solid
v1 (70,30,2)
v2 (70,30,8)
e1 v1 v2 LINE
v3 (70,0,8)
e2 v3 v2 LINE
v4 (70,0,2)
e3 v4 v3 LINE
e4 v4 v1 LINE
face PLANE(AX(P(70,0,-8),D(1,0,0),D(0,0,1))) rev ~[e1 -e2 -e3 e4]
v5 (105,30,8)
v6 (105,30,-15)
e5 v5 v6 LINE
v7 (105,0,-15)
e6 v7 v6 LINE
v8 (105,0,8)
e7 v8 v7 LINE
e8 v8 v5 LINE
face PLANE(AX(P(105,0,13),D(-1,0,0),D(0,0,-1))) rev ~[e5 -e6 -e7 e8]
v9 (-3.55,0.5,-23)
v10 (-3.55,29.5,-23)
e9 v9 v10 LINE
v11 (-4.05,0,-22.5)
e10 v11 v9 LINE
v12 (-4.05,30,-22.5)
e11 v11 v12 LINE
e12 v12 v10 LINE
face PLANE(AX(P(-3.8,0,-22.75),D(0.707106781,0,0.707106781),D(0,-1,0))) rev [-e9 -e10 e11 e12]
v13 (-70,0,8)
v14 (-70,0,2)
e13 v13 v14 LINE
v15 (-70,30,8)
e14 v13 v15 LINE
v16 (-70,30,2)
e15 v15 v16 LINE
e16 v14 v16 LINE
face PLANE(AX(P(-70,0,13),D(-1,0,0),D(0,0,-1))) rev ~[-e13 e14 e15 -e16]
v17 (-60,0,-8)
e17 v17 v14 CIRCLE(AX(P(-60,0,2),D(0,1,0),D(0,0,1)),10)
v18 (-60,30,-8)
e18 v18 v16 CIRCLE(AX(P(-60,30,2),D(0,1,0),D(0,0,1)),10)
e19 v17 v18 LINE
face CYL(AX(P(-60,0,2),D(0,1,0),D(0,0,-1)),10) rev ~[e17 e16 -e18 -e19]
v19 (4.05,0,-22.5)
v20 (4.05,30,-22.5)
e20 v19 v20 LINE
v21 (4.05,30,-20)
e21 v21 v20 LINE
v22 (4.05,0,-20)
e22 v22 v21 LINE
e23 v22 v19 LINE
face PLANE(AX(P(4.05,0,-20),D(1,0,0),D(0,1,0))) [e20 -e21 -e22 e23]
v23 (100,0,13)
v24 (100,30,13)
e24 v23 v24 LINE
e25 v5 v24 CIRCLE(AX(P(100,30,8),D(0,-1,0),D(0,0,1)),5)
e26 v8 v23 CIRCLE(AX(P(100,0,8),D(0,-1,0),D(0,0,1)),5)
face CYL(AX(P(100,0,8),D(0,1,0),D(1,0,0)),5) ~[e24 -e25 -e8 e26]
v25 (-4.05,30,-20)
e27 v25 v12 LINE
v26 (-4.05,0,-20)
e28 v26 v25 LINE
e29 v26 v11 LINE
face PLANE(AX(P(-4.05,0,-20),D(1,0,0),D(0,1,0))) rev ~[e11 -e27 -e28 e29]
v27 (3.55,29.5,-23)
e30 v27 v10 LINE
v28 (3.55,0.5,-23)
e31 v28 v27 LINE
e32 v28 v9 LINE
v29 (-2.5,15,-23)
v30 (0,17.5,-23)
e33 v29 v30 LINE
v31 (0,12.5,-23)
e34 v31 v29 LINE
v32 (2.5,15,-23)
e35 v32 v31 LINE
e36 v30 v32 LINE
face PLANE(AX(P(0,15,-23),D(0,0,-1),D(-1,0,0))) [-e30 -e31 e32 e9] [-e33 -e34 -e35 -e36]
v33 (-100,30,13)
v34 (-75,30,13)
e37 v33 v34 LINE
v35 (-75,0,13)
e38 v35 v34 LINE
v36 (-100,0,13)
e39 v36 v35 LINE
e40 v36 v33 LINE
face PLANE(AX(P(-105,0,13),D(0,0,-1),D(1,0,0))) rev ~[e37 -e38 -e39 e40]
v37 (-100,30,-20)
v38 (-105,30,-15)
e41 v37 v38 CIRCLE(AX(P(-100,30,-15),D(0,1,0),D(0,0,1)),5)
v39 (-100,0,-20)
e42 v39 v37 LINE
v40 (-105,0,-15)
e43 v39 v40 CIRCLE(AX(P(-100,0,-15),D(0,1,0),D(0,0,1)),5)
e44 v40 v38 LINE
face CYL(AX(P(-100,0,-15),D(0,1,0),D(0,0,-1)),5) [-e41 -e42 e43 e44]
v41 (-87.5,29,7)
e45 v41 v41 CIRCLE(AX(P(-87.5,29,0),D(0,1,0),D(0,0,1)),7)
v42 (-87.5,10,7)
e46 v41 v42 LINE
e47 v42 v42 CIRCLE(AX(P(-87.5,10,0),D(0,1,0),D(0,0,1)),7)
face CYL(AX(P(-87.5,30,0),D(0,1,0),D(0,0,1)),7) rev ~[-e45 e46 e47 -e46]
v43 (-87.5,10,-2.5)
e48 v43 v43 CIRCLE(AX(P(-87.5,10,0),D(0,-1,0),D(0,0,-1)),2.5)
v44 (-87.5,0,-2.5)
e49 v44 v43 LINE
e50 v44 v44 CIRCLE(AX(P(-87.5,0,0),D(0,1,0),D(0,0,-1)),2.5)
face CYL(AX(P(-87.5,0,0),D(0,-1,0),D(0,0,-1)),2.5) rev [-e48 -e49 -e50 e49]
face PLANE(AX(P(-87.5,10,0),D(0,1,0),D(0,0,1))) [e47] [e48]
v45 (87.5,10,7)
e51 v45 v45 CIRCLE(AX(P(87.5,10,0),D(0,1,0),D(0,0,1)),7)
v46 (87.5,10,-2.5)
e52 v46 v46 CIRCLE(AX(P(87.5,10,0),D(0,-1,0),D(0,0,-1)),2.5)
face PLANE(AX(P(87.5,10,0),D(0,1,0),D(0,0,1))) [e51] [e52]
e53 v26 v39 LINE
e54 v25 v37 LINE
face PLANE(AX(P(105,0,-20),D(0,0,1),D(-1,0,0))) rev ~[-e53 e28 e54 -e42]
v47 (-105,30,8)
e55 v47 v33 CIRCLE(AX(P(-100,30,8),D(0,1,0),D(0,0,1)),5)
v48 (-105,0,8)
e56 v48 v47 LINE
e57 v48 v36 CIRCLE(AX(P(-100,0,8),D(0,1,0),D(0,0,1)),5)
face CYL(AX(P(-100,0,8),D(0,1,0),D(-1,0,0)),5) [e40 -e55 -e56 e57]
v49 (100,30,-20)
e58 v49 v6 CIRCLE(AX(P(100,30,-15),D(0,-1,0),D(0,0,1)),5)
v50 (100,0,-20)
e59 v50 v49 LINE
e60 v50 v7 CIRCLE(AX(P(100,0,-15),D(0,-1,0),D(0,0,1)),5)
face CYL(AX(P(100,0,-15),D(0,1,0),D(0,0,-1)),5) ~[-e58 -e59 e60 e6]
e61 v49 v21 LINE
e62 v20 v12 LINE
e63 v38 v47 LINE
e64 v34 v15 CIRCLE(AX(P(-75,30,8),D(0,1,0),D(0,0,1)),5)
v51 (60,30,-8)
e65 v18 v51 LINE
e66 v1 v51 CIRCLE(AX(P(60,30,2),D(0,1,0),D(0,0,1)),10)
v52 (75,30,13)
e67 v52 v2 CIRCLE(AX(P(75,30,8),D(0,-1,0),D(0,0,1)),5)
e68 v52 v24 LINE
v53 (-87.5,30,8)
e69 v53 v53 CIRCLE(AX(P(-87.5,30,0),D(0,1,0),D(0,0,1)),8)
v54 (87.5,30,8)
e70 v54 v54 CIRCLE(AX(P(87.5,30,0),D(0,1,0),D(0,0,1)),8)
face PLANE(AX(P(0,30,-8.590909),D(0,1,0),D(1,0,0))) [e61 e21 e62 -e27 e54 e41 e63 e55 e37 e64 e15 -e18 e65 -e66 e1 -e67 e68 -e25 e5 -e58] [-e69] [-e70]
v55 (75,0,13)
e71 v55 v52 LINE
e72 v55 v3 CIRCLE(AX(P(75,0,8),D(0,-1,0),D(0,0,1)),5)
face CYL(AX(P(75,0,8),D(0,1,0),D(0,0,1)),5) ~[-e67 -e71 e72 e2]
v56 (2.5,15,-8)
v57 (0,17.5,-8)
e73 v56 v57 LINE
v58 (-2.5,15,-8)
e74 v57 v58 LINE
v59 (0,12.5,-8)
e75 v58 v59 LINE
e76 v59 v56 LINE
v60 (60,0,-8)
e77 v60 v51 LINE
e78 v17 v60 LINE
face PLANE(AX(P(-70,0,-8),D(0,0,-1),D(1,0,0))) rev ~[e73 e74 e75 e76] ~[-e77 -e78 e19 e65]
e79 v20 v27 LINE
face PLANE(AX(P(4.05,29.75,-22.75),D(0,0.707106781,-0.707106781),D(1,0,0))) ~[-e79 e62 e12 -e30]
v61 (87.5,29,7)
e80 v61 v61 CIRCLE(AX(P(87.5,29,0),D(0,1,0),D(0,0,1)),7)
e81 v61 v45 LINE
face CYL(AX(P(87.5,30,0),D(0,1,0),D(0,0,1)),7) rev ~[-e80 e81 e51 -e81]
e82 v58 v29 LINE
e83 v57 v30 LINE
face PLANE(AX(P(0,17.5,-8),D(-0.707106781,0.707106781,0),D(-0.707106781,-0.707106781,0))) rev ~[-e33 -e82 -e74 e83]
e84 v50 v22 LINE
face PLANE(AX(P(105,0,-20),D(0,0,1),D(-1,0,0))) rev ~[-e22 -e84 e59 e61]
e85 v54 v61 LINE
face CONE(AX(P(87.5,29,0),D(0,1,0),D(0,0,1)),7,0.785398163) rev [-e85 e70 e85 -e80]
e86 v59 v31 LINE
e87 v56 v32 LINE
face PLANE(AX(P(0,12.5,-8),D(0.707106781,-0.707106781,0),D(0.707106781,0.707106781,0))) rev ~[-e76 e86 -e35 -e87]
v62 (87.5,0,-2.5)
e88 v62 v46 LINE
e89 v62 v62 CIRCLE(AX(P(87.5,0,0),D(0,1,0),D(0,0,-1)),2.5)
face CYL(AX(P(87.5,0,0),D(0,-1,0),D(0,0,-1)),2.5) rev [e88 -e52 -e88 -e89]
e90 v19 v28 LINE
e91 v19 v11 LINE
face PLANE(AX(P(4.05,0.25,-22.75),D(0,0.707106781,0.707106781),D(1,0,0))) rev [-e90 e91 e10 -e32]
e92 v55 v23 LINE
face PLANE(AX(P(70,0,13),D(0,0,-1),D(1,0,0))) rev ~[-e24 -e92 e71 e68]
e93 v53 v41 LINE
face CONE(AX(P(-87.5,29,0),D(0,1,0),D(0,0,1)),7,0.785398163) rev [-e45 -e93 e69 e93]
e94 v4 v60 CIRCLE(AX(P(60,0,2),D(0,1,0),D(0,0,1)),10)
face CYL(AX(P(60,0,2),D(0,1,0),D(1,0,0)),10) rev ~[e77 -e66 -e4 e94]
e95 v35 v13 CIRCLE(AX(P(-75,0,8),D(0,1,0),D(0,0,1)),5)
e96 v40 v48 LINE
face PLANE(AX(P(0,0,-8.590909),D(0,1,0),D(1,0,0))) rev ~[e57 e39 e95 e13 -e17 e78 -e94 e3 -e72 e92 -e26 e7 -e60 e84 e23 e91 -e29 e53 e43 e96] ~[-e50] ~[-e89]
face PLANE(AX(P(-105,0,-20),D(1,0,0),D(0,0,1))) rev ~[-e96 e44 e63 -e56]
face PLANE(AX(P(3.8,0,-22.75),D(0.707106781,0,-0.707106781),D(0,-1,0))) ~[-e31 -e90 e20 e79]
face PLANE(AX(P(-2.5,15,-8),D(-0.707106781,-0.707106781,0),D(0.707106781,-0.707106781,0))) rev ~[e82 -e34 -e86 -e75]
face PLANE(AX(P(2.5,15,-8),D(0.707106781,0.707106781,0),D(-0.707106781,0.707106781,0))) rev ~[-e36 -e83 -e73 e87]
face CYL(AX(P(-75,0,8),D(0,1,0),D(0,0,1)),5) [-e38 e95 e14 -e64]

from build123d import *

# Parameters (mm, degrees)
AUFSATZ_LINEAR_AUSTRAGEN1_DEPTH = 30
SKIZZE2_R                       = 7
SCHNITT_LINEAR_AUSTRAGEN1_DEPTH = 20
SKIZZE5_W                       = 8.1
SKIZZE5_H                       = 30
AUFSATZ_LINEAR_AUSTRAGEN2_DEPTH = 3
FASE2_SIZE                      = 0.5
FASE1_SIZE                      = 1
VERRUNDUNG1_R                   = 5
VERRUNDUNG2_R                   = 10
SCHNITT_LINEAR_AUSTRAGEN2_REACH = 113.597
SKIZZE8_R                       = 2.5
SCHNITT_LINEAR_AUSTRAGEN3_DEPTH = 112.202517957


with BuildPart() as part:
    # Skizze1 → Aufsatz-Linear austragen1 (new body)
    with BuildSketch(Plane(origin=(0, 0, 0), x_dir=(1, 0, 0), z_dir=(0, 1, 0))):
        Polygon((-105, 0), (-105, -13), (-70, -13), (-70, 8), (70, 8), (70, -13), (105, -13), (105, 0), (105, 20), (-105, 20), align=None)
    extrude(amount=AUFSATZ_LINEAR_AUSTRAGEN1_DEPTH)

    # Skizze2 → Schnitt-Linear austragen1 (cut)
    with BuildSketch(Plane(origin=(0, 30, 0), x_dir=(1, 0, 0), z_dir=(0, 1, 0))):
        with Locations(Location((-87.5, 0, 0), (0, 0, 270))):
            Circle(SKIZZE2_R)
        with Locations(Location((87.5, 0, 0), (0, 0, 270))):
            Circle(SKIZZE2_R)
    extrude(amount=-SCHNITT_LINEAR_AUSTRAGEN1_DEPTH, mode=Mode.SUBTRACT)

    # Skizze5 → Aufsatz-Linear austragen2 (add)
    with BuildSketch(Plane(origin=(0, 0, -20), x_dir=(-1, 0, 0), z_dir=(0, 0, -1))):
        with Locations((0, 15)):
            Rectangle(SKIZZE5_W, SKIZZE5_H)
    extrude(amount=AUFSATZ_LINEAR_AUSTRAGEN2_DEPTH)

    # Fase2
    fase2_edges = [part.edges().sort_by_distance(p)[0] for p in [
        (-4.05, 15, -23),
        (0, 0, -23),
        (4.05, 15, -23),
        (0, 30, -23),
    ]]
    chamfer(fase2_edges, length=FASE2_SIZE)

    # Fase1
    fase1_edges = [part.edges().sort_by_distance(p)[0] for p in [
        (-87.5, 30, -7),
        (87.5, 30, -7),
    ]]
    chamfer(fase1_edges, length=FASE1_SIZE)

    # Verrundung1
    verrundung1_edges = [part.edges().sort_by_distance(p)[0] for p in [
        (-70, 15, 13),
        (-105, 15, 13),
        (105, 15, -20),
        (-105, 15, -20),
        (105, 15, 13),
        (70, 15, 13),
    ]]
    fillet(verrundung1_edges, radius=VERRUNDUNG1_R)

    # Verrundung2
    verrundung2_edges = [part.edges().sort_by_distance(p)[0] for p in [
        (70, 15, -8),
        (-70, 15, -8),
    ]]
    fillet(verrundung2_edges, radius=VERRUNDUNG2_R)

    # Skizze8 → Schnitt-Linear austragen2 (cut, up to next)
    with BuildSketch(Plane(origin=(0, 0, 0), x_dir=(1, 0, 0), z_dir=(0, 1, 0)), mode=Mode.PRIVATE) as schnitt_linear_austragen2_sk1:
        with Locations(Location((87.5, 0, 0), (0, 0, 90))):
            Circle(SKIZZE8_R)
    schnitt_linear_austragen2_tool1 = extrude(schnitt_linear_austragen2_sk1.sketch, amount=SCHNITT_LINEAR_AUSTRAGEN2_REACH, mode=Mode.PRIVATE) & part.part
    # Skizze8 → Schnitt-Linear austragen2 (cut, up to next)
    with BuildSketch(Plane(origin=(0, 0, 0), x_dir=(1, 0, 0), z_dir=(0, 1, 0)), mode=Mode.PRIVATE) as schnitt_linear_austragen2_sk2:
        with Locations(Location((-87.5, 0, 0), (0, 0, 90))):
            Circle(SKIZZE8_R)
    schnitt_linear_austragen2_tool2 = extrude(schnitt_linear_austragen2_sk2.sketch, amount=SCHNITT_LINEAR_AUSTRAGEN2_REACH, mode=Mode.PRIVATE) & part.part
    add(schnitt_linear_austragen2_tool1.solids().sort_by_distance((87.5, 0, 0))[0], mode=Mode.SUBTRACT)
    add(schnitt_linear_austragen2_tool2.solids().sort_by_distance((-87.5, 0, 0))[0], mode=Mode.SUBTRACT)

    # Skizze9 → Schnitt-Linear austragen3 (cut, through all)
    with BuildSketch(Plane.XY.offset(-8)):
        Polygon((0, 17.5), (-2.5, 15), (0, 12.5), (2.5, 15), align=None)
    extrude(amount=-SCHNITT_LINEAR_AUSTRAGEN3_DEPTH, mode=Mode.SUBTRACT)


solid = part.part
